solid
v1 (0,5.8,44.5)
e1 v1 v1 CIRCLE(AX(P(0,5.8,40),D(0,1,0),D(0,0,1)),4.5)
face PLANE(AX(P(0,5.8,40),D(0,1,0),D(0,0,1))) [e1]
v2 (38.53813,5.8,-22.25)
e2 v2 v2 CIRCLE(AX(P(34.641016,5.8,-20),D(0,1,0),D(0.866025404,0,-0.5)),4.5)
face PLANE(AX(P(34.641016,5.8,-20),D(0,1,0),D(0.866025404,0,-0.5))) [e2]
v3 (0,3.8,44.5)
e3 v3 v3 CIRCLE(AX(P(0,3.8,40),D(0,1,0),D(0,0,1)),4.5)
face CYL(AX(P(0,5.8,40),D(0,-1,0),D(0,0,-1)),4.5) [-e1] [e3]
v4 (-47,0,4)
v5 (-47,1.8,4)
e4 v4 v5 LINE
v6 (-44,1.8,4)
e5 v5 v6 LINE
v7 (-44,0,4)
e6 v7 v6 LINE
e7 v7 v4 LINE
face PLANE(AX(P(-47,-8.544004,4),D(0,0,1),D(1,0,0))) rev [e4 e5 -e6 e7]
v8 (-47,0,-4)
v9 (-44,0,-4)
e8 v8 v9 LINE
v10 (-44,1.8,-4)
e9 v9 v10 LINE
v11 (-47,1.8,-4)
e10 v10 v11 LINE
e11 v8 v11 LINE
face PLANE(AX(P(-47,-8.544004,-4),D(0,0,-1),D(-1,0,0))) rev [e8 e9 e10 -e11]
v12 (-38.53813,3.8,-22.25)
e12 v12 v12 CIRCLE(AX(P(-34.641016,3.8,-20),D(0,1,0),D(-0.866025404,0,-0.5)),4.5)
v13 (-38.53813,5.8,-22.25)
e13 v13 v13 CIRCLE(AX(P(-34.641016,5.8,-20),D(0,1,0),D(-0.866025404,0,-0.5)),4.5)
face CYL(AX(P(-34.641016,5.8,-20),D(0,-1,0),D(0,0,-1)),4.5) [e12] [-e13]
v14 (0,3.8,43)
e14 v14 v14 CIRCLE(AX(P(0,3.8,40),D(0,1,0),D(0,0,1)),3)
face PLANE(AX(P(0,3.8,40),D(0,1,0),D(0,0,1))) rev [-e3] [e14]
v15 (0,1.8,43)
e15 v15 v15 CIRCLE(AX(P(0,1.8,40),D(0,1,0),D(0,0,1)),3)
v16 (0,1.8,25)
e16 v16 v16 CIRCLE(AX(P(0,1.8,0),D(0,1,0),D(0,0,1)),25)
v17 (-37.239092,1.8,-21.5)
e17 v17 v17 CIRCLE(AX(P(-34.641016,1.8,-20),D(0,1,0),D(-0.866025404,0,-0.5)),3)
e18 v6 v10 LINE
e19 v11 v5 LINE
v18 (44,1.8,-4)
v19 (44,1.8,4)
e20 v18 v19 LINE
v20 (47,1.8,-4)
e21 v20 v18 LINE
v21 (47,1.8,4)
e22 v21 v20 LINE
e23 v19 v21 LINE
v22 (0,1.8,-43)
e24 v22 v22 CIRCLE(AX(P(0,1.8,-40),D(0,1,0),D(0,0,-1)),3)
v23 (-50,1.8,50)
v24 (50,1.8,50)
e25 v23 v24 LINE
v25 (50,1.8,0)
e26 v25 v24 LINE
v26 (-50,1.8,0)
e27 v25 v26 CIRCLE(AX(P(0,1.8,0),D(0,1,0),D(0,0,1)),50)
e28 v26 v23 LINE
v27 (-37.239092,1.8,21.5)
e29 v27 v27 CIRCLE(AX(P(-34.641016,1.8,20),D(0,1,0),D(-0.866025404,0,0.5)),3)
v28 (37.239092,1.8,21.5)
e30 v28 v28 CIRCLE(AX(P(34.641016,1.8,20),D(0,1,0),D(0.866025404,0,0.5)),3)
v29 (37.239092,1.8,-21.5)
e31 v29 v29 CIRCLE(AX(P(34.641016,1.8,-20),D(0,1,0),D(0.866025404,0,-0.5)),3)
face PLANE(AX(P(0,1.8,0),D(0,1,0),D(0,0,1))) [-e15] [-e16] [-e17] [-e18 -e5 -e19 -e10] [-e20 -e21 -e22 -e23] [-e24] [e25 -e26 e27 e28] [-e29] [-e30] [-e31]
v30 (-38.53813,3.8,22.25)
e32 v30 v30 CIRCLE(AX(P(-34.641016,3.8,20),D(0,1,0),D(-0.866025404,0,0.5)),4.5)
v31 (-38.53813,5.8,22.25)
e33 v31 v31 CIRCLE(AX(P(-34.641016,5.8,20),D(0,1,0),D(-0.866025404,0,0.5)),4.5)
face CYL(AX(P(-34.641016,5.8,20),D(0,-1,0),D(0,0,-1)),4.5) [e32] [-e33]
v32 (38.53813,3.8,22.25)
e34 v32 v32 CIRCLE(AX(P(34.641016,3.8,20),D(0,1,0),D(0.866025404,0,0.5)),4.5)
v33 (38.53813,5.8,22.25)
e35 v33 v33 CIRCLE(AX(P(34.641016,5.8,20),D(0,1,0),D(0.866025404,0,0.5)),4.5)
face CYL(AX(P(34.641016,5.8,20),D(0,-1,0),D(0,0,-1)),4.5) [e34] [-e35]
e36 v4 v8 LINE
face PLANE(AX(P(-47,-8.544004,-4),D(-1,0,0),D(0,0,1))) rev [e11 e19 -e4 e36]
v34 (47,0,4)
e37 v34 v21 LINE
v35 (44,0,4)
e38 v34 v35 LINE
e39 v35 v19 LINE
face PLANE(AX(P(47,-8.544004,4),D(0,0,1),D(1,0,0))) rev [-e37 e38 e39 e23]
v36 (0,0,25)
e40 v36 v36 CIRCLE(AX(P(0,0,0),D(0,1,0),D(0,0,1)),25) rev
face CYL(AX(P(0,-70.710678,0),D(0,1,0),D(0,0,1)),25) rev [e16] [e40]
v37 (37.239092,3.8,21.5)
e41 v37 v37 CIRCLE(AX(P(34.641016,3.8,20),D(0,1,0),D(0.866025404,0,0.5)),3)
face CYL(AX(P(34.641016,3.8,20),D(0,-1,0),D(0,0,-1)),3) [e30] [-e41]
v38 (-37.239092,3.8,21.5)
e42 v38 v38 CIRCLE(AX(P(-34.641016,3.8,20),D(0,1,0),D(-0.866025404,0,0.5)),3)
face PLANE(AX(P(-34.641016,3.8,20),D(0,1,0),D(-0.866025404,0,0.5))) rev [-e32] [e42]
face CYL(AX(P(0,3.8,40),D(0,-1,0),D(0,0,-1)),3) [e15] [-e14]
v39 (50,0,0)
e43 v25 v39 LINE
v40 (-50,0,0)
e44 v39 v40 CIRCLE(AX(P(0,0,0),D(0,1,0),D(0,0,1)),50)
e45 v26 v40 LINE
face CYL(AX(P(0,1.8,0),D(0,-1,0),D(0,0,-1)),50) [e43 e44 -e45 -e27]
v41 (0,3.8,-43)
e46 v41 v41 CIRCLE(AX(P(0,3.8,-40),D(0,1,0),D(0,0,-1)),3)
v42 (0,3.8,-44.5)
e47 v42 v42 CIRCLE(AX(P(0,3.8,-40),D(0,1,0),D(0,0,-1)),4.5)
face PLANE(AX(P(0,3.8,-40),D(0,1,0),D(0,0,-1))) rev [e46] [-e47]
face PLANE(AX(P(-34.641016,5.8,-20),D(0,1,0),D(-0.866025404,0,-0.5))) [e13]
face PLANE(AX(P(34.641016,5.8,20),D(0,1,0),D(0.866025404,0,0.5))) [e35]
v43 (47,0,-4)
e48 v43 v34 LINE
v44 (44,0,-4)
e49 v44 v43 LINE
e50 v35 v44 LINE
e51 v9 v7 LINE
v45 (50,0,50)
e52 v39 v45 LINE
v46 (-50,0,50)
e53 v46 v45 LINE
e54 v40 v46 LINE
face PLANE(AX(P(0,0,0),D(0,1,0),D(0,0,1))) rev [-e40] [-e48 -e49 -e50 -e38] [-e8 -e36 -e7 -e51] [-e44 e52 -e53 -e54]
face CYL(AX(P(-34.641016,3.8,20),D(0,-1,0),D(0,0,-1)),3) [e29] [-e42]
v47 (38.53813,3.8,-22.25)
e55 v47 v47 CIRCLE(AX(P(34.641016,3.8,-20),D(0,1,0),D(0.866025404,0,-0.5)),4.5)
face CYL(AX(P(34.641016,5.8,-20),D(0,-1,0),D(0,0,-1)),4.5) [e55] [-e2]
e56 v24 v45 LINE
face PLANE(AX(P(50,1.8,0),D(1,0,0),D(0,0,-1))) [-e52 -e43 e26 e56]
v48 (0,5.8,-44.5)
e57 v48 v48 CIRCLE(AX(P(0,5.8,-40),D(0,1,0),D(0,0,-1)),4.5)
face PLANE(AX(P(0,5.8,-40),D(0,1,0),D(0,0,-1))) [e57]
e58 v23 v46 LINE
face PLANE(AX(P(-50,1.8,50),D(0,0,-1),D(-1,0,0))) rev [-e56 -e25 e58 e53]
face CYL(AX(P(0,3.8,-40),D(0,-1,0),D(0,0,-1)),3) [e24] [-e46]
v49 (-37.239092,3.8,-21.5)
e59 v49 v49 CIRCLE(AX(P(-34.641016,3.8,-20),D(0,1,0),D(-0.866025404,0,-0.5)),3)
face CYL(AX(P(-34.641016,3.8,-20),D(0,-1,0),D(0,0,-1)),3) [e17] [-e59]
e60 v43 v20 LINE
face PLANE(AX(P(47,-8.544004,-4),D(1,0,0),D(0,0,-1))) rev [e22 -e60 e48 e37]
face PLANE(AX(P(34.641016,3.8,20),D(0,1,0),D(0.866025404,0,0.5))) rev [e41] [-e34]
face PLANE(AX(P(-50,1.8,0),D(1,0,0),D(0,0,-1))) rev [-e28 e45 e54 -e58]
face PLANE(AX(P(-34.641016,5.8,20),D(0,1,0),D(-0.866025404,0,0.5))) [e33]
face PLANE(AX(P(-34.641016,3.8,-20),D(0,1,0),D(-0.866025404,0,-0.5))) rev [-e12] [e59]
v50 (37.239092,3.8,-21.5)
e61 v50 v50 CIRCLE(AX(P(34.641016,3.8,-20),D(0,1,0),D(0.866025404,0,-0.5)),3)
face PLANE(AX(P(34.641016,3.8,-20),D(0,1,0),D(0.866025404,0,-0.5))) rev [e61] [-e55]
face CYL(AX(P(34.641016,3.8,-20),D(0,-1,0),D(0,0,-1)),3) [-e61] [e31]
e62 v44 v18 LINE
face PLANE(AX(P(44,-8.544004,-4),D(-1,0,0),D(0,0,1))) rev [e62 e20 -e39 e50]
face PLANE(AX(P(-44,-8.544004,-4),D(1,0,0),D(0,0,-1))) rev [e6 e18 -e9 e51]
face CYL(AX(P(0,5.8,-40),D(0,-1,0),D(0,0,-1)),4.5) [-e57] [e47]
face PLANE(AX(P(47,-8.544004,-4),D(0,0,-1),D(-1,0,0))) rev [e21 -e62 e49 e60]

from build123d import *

# Parameters (mm, degrees)
BOSS_EXTRUDE1_DEPTH = 1.8
SKETCH2_R           = 25
CUT_EXTRUDE1_DEPTH  = 1.8
SKETCH2_3_R         = 4.5
BOSS_EXTRUDE2_DEPTH = 4
SKETCH2_4_R         = 4.5
SKETCH2_4_R_2       = 3
CUT_EXTRUDE2_DEPTH  = 2
CIRPATTERN1_COUNT   = 12
SKETCH5_W           = 3
SKETCH5_H           = 8
CUT_EXTRUDE3_DEPTH  = 1.8


with BuildPart() as part:
    # Sketch1 → Boss-Extrude1 (new body)
    with BuildSketch(Plane(origin=(0, 0, 0), x_dir=(1, 0, 0), z_dir=(0, 1, 0))):
        with BuildLine():
            Line((-50, 0), (-50, -50))
            Line((-50, -50), (50, -50))
            Line((50, -50), (50, 0))
            ThreePointArc((50, 0), (0, 50), (-50, 0))
        make_face()
    extrude(amount=BOSS_EXTRUDE1_DEPTH)

    # Sketch2 → Cut-Extrude1 (cut)
    with BuildSketch(Plane(origin=(0, 1.8, 0), x_dir=(1, 0, 0), z_dir=(0, 1, 0))):
        with Locations(Location((0, 0, 0), (0, 0, 270))):
            Circle(SKETCH2_R)
    extrude(amount=-CUT_EXTRUDE1_DEPTH, mode=Mode.SUBTRACT)

    # Sketch2<3> → Boss-Extrude2 (add)
    with BuildSketch(Plane(origin=(0, 1.8, 0), x_dir=(1, 0, 0), z_dir=(0, 1, 0))):
        with Locations(Location((0, -40, 0), (0, 0, 270))):
            Circle(SKETCH2_3_R)
    boss_extrude2 = extrude(amount=BOSS_EXTRUDE2_DEPTH)

    # Sketch2<4> → Cut-Extrude2 (cut)
    with BuildSketch(Plane(origin=(0, 1.8, 0), x_dir=(1, 0, 0), z_dir=(0, 1, 0))):
        with Locations(Location((0, -40, 0), (0, 0, 270))):
            Circle(SKETCH2_4_R)
        with Locations(Location((0, -40, 0), (0, 0, 270))):
            Circle(SKETCH2_4_R_2, mode=Mode.SUBTRACT)
    cut_extrude2 = extrude(amount=CUT_EXTRUDE2_DEPTH, mode=Mode.SUBTRACT)

    # CirPattern1: Boss-Extrude2, Cut-Extrude2 ×12 about axis, 6 skipped
    cirpattern1_axis = Axis((0, -70.710678119, 0), (0, 1, 0))
    add([boss_extrude2.rotate(cirpattern1_axis, i * 360 / CIRPATTERN1_COUNT) for i in range(1, CIRPATTERN1_COUNT) if i not in (1, 3, 5, 7, 9, 11)])
    add([cut_extrude2.rotate(cirpattern1_axis, i * 360 / CIRPATTERN1_COUNT) for i in range(1, CIRPATTERN1_COUNT) if i not in (1, 3, 5, 7, 9, 11)], mode=Mode.SUBTRACT)

    # Sketch5 → Cut-Extrude3 (cut)
    with BuildSketch(Plane(origin=(0, 1.8, 0), x_dir=(1, 0, 0), z_dir=(0, 1, 0))):
        with Locations((-45.5, 0)):
            Rectangle(SKETCH5_W, SKETCH5_H)
        with Locations((45.5, 0)):
            Rectangle(SKETCH5_W, SKETCH5_H)
    extrude(amount=-CUT_EXTRUDE3_DEPTH, mode=Mode.SUBTRACT)


solid = part.part
